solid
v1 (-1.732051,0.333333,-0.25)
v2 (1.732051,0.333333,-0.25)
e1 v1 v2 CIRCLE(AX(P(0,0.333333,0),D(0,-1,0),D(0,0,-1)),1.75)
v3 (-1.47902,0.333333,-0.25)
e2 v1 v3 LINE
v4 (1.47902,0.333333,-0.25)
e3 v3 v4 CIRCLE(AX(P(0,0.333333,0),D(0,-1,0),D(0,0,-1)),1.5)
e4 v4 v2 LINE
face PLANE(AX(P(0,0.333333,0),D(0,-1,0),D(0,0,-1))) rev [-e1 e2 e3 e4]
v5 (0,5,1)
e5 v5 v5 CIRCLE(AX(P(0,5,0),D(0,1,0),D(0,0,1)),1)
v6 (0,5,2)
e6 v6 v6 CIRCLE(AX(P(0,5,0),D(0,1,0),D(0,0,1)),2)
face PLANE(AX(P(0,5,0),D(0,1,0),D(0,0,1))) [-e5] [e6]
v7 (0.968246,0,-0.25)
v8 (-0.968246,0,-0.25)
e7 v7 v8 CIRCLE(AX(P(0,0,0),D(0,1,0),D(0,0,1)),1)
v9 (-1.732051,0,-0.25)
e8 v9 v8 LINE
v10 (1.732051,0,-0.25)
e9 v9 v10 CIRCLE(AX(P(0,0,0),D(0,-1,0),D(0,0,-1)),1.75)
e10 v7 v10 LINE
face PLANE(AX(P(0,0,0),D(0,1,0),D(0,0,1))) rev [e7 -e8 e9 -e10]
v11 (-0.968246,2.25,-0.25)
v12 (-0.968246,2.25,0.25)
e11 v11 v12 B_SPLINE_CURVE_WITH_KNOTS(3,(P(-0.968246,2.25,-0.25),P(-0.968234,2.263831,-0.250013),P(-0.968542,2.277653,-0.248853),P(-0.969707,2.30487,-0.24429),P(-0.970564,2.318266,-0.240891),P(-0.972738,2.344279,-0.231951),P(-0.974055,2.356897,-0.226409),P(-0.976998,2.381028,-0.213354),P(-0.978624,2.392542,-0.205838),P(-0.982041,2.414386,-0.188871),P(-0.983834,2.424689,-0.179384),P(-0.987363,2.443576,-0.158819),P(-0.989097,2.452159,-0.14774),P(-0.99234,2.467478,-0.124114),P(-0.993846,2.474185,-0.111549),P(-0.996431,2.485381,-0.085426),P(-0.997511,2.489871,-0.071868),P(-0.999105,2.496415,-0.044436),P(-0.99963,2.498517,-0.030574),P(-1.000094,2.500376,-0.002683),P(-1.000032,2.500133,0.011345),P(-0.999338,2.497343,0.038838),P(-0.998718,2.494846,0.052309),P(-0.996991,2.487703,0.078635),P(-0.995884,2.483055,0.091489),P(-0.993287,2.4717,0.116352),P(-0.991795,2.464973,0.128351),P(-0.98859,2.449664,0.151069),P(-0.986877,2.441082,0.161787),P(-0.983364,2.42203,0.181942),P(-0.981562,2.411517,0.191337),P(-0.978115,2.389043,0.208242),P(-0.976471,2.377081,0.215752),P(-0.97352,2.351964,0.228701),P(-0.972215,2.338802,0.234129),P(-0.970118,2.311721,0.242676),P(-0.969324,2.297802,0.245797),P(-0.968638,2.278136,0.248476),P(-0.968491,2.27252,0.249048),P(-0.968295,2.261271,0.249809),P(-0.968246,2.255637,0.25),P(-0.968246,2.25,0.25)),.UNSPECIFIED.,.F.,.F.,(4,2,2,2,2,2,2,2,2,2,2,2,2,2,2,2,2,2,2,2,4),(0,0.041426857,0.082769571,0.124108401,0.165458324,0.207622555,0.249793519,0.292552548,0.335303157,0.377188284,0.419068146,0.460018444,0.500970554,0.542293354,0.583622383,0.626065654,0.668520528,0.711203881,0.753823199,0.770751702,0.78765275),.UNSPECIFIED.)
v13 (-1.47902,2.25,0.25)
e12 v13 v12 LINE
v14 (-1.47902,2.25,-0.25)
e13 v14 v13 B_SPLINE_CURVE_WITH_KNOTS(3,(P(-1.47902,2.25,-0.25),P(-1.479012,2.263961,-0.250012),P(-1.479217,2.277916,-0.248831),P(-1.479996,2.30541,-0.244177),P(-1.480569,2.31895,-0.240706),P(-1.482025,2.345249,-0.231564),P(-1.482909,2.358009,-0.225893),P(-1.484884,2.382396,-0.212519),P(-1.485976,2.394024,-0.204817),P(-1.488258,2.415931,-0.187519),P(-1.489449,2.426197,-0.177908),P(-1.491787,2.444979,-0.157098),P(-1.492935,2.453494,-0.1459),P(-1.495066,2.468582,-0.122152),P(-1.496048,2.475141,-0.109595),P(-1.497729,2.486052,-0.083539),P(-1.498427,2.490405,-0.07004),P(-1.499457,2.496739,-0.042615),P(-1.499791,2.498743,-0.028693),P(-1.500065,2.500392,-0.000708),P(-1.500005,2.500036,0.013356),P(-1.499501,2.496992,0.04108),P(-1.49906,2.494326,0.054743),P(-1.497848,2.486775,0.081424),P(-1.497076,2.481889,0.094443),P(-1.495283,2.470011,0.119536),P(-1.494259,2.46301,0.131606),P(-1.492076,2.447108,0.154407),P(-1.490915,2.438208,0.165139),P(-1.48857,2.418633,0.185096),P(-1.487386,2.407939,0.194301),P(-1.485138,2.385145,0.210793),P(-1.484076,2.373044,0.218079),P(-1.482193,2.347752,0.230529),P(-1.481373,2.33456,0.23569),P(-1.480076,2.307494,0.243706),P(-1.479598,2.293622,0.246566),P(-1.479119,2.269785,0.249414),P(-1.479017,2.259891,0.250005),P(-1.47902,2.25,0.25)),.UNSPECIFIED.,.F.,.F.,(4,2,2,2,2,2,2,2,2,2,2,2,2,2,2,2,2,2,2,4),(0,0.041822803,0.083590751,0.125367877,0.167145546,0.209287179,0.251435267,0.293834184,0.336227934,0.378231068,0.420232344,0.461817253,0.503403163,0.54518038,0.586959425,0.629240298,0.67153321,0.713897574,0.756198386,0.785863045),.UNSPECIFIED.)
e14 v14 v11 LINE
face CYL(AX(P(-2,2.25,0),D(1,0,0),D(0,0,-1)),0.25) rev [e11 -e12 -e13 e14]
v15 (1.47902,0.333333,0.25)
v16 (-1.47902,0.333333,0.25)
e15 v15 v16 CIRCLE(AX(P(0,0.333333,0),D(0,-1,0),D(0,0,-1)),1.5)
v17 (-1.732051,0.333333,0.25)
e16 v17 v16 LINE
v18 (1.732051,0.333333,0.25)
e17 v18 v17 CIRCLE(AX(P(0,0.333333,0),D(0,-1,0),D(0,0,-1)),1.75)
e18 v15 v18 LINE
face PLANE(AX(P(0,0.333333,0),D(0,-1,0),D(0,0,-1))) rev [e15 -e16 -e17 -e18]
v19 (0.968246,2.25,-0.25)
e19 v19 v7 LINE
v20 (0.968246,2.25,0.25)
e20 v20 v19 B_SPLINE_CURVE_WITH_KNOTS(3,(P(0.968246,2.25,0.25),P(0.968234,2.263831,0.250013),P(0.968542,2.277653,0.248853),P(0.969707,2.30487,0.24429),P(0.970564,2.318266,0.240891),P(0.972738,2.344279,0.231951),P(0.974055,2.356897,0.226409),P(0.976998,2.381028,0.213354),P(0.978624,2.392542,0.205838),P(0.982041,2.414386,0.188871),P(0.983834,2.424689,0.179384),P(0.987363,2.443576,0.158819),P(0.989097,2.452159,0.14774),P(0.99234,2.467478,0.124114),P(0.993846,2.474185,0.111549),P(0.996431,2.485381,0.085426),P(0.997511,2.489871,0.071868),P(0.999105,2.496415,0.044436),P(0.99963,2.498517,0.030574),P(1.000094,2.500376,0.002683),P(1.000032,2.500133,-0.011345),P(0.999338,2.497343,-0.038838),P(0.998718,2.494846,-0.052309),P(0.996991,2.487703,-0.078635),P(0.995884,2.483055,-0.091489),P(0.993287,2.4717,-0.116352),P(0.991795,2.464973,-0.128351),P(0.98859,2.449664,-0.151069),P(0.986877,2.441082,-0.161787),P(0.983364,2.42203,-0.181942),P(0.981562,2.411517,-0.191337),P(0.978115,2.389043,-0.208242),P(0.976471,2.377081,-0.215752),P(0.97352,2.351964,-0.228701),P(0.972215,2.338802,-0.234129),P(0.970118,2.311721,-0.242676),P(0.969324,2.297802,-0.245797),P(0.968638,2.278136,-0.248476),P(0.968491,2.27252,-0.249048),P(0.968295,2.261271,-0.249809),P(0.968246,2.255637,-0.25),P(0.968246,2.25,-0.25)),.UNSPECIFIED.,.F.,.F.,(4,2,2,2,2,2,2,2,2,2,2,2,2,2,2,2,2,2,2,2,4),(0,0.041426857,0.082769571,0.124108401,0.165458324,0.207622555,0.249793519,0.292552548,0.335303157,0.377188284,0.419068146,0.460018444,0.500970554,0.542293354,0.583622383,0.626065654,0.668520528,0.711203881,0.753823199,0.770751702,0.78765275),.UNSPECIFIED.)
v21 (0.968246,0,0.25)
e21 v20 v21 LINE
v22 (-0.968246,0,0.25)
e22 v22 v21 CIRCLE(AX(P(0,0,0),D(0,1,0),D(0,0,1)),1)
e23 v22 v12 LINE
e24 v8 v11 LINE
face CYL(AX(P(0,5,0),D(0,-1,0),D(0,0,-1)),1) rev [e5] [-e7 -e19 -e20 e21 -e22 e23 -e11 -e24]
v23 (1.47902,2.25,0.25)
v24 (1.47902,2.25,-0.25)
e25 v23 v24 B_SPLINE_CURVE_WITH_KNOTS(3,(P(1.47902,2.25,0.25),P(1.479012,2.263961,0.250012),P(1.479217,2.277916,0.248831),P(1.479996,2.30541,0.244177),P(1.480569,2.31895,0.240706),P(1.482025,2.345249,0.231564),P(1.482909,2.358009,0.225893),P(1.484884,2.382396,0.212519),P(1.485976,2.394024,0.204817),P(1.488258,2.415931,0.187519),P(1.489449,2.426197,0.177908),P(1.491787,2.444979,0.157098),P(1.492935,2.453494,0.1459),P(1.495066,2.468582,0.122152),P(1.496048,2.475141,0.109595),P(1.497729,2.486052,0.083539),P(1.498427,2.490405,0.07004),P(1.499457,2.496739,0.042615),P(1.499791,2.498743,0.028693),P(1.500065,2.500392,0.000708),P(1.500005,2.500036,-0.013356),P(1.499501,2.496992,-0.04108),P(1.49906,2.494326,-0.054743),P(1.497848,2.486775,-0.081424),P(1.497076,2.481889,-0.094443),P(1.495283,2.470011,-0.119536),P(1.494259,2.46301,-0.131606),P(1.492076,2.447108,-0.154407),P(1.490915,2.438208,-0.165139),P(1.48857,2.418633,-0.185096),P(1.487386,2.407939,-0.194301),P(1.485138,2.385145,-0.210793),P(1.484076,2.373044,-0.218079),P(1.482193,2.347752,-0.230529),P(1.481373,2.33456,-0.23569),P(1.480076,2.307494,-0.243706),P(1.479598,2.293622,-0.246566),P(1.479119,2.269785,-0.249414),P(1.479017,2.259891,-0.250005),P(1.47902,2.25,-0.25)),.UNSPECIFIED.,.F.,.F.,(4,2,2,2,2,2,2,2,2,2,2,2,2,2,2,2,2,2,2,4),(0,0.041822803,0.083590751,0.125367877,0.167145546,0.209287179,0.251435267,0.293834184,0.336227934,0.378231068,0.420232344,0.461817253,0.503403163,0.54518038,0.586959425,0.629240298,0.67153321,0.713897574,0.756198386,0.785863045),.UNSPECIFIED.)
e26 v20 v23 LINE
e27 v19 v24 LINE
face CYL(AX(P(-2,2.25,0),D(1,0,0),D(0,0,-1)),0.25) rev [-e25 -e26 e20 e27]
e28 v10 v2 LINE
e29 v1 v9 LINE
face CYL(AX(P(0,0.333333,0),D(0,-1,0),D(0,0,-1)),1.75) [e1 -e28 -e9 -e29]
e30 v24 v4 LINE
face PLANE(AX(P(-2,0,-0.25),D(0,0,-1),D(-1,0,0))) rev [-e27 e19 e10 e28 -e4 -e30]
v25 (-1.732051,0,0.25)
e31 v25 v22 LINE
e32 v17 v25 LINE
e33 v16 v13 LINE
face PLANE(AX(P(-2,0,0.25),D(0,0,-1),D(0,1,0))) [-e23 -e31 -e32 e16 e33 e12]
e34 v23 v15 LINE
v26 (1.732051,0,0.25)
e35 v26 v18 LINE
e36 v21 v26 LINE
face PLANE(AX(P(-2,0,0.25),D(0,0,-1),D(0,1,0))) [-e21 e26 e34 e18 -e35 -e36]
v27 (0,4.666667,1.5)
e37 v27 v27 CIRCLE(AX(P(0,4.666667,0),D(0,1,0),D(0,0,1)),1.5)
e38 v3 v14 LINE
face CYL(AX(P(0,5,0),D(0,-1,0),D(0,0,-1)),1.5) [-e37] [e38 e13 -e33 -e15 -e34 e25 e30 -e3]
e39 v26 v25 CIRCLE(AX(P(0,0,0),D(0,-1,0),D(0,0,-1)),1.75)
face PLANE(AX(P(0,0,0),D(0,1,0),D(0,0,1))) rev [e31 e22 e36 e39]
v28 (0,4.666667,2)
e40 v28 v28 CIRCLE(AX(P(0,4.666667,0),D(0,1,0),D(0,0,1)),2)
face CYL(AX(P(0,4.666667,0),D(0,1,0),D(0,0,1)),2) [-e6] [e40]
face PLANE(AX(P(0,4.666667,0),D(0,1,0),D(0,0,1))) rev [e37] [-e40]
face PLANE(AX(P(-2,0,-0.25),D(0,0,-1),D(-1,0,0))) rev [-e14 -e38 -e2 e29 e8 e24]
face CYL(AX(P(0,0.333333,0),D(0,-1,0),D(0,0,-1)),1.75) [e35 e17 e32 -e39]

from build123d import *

# Parameters (mm, degrees)
SKETCH1_R               = 1.5
SKETCH1_R_2             = 1
BOSS_EXTRUDE1_DEPTH     = 5
SKETCH2_R               = 2
SKETCH2_R_2             = 1
BOSS_EXTRUDE2_DEPTH     = 0.333333333
SKETCH3_R               = 1.75
SKETCH3_R_2             = 1
BOSS_EXTRUDE4_DEPTH     = 0.333333333
SKETCH4_R               = 0.25
SKETCH4_W               = 0.5
SKETCH4_H               = 2.25
CUT_EXTRUDE1_DEPTH      = 3
CUT_EXTRUDE1_DEPTH_BACK = 3


with BuildPart() as part:
    # Sketch1 → Boss-Extrude1 (new body)
    with BuildSketch(Plane(origin=(0, 0, 0), x_dir=(1, 0, 0), z_dir=(0, 1, 0))):
        Circle(SKETCH1_R)
        Circle(SKETCH1_R_2, mode=Mode.SUBTRACT)
    extrude(amount=BOSS_EXTRUDE1_DEPTH)

    # Sketch2 → Boss-Extrude2 (add)
    with BuildSketch(Plane(origin=(0, 5, 0), x_dir=(1, 0, 0), z_dir=(0, 1, 0))):
        Circle(SKETCH2_R)
        Circle(SKETCH2_R_2, mode=Mode.SUBTRACT)
    extrude(amount=-BOSS_EXTRUDE2_DEPTH)

    # Sketch3 → Boss-Extrude4 (add)
    with BuildSketch(Plane(origin=(0, 0, 0), x_dir=(-1, 0, 0), z_dir=(0, -1, 0))):
        Circle(SKETCH3_R)
        Circle(SKETCH3_R_2, mode=Mode.SUBTRACT)
    extrude(amount=-BOSS_EXTRUDE4_DEPTH)

    # Sketch4 → Cut-Extrude1 (cut, two sides)
    with BuildSketch(Plane(origin=(0, 0, 0), x_dir=(0, 0, -1), z_dir=(1, 0, 0))) as cut_extrude1_sk:
        with Locations((0, 2.25)):
            Circle(SKETCH4_R)
        with Locations((0, 1.125)):
            Rectangle(SKETCH4_W, SKETCH4_H)
    extrude(amount=CUT_EXTRUDE1_DEPTH, mode=Mode.SUBTRACT)
    extrude(cut_extrude1_sk.sketch, amount=-CUT_EXTRUDE1_DEPTH_BACK, mode=Mode.SUBTRACT)


solid = part.part
